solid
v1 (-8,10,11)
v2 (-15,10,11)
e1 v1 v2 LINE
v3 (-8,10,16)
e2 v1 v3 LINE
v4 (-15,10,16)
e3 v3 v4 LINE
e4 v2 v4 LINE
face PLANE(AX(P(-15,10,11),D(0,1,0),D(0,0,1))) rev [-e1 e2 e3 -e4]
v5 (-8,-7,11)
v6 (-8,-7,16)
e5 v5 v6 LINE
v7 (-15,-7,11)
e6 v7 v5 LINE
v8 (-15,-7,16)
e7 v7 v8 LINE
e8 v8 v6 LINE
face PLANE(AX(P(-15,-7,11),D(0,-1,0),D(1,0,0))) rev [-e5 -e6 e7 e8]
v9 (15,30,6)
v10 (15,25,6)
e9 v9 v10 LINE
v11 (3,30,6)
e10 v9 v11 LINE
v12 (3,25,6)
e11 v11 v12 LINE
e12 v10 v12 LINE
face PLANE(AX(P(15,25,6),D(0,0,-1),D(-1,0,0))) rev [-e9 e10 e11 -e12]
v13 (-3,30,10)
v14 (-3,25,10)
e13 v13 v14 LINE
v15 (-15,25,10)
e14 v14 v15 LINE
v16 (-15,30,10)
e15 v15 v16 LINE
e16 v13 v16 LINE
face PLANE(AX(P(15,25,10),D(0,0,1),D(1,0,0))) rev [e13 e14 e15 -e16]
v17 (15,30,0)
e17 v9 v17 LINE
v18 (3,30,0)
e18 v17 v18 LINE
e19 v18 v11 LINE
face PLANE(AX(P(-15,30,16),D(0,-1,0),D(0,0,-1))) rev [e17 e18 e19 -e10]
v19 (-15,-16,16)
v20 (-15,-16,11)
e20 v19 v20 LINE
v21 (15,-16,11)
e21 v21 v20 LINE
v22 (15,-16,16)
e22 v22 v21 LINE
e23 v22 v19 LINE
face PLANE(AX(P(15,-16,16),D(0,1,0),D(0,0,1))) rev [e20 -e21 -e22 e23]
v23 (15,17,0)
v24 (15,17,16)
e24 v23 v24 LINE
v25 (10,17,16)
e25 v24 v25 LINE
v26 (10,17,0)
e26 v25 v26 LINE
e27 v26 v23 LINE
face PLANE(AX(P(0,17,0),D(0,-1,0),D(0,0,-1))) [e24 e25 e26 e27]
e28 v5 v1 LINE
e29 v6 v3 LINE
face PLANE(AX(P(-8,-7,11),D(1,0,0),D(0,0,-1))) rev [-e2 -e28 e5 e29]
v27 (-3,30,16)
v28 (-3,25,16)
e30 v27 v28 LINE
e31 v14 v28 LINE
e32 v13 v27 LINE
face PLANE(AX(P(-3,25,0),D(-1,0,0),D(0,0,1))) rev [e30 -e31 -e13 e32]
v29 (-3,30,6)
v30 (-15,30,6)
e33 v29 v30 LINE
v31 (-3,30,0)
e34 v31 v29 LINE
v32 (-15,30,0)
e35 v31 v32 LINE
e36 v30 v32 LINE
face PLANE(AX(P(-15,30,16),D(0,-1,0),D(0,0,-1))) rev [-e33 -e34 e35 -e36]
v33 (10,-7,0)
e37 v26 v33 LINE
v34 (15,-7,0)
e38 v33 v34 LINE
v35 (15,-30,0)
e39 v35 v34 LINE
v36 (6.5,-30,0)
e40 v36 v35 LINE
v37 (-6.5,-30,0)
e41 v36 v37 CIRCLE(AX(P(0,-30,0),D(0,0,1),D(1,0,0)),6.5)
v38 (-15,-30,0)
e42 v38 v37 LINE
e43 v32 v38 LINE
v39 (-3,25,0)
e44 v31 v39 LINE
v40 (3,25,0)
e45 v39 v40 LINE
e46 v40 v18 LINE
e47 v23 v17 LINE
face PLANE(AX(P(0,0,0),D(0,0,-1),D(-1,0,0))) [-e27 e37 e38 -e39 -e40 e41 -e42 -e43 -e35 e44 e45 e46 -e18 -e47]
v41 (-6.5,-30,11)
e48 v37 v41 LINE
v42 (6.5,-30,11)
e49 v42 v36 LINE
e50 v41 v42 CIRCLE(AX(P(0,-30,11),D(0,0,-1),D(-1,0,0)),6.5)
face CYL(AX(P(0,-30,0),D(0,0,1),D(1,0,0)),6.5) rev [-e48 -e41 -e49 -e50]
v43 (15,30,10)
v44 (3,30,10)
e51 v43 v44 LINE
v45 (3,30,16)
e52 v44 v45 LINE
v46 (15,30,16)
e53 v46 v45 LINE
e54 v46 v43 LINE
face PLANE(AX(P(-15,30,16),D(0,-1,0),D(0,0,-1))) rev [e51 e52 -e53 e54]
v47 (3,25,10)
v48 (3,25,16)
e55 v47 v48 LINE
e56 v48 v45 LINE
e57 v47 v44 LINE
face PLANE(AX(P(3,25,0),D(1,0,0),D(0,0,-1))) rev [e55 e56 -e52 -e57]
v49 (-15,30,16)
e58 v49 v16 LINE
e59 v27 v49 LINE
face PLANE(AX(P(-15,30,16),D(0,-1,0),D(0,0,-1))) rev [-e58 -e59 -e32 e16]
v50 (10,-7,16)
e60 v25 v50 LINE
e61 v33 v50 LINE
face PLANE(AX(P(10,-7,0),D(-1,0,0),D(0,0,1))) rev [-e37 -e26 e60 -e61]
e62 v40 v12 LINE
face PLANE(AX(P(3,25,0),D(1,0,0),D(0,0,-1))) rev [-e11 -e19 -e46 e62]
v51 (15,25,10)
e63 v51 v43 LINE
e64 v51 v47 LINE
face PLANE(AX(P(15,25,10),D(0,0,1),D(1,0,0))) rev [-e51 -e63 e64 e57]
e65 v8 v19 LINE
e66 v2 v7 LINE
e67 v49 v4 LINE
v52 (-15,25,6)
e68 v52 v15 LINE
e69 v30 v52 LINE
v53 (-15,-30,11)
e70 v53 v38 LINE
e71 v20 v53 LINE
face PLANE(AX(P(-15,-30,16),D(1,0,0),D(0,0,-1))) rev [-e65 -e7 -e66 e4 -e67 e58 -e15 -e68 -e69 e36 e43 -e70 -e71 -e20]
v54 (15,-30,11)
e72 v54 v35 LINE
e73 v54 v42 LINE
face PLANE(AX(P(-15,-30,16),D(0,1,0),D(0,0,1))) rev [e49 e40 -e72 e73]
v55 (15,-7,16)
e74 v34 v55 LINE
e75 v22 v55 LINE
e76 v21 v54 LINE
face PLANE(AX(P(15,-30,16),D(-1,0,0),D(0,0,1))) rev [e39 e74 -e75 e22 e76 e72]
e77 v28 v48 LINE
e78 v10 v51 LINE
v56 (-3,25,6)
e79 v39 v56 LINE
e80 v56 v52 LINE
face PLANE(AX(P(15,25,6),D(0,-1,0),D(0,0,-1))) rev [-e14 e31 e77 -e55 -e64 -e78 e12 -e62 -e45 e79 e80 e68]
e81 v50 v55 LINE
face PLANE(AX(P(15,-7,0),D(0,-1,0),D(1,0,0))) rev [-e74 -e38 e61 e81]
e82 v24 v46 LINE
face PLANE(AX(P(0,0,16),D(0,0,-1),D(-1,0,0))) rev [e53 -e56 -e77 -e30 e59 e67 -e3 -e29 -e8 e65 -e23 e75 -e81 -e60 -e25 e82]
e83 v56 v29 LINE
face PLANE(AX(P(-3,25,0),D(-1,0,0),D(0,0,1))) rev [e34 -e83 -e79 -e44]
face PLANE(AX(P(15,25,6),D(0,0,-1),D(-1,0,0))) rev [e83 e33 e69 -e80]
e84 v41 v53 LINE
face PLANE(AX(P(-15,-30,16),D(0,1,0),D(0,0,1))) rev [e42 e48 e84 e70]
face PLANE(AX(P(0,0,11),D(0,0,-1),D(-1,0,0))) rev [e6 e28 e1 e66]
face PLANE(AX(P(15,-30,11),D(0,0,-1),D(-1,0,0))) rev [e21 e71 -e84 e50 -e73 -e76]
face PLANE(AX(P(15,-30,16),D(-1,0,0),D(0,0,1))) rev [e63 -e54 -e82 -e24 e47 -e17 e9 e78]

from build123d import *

# Parameters (mm, degrees)
SKETCH_1_W          = 30
SKETCH_1_H          = 60
EXTRUDE_1_DEPTH     = 16
SKETCH_2_W          = 4
SKETCH_2_H          = 5
SKETCH_2_W_2        = 5
SKETCH_2_H_2        = 14
CUT_EXTRUDE_1_DEPTH = 46.343136195
SKETCH_3_R          = 6.5
SKETCH_3_W          = 6
SKETCH_3_H          = 5
CUT_EXTRUDE_2_DEPTH = 38.161808352
SKETCH_4_W          = 5
SKETCH_4_H          = 17
CUT_EXTRUDE_3_DEPTH = 38.161808352
SKETCH_5_W          = 7
SKETCH_5_H          = 17
CUT_EXTRUDE_4_DEPTH = 5
SKETCH_6_W          = 5
SKETCH_6_H          = 16
CUT_EXTRUDE_5_DEPTH = 7


with BuildPart() as part:
    # Эскиз1 → Бобышка-Вытянуть1 (new body)
    with BuildSketch(Plane.XY):
        Rectangle(SKETCH_1_W, SKETCH_1_H)
    extrude(amount=EXTRUDE_1_DEPTH)

    # Эскиз2 → Вырез-Вытянуть1 (cut, through all)
    with BuildSketch(Plane.ZY.offset(15)):
        with Locations((8, 27.5)):
            Rectangle(SKETCH_2_W, SKETCH_2_H)
        with Locations((13.5, -23)):
            Rectangle(SKETCH_2_W_2, SKETCH_2_H_2)
    extrude(amount=-CUT_EXTRUDE_1_DEPTH, mode=Mode.SUBTRACT)

    # Эскиз3 → Вырез-Вытянуть2 (cut, through all)
    with BuildSketch(Plane.XY.offset(16)):
        with Locations((0, -30)):
            Circle(SKETCH_3_R)
        with Locations((0, 27.5)):
            Rectangle(SKETCH_3_W, SKETCH_3_H)
    extrude(amount=-CUT_EXTRUDE_2_DEPTH, mode=Mode.SUBTRACT)

    # Эскиз4 → Вырез-Вытянуть3 (cut, through all)
    with BuildSketch(Plane.XY.offset(16)):
        with Locations((12.5, 1.5)):
            Rectangle(SKETCH_4_W, SKETCH_4_H)
    extrude(amount=-CUT_EXTRUDE_3_DEPTH, mode=Mode.SUBTRACT)

    # Эскиз5 → Вырез-Вытянуть4 (cut)
    with BuildSketch(Plane.XY.offset(16)):
        with Locations((-11.5, 1.5)):
            Rectangle(SKETCH_5_W, SKETCH_5_H)
    extrude(amount=-CUT_EXTRUDE_4_DEPTH, mode=Mode.SUBTRACT)

    # Эскиз6 → Вырез-Вытянуть5 (cut)
    with BuildSketch(Plane.XZ.offset(-10)):
        with Locations((12.5, 8)):
            Rectangle(SKETCH_6_W, SKETCH_6_H)
    extrude(amount=-CUT_EXTRUDE_5_DEPTH, mode=Mode.SUBTRACT)


solid = part.part
